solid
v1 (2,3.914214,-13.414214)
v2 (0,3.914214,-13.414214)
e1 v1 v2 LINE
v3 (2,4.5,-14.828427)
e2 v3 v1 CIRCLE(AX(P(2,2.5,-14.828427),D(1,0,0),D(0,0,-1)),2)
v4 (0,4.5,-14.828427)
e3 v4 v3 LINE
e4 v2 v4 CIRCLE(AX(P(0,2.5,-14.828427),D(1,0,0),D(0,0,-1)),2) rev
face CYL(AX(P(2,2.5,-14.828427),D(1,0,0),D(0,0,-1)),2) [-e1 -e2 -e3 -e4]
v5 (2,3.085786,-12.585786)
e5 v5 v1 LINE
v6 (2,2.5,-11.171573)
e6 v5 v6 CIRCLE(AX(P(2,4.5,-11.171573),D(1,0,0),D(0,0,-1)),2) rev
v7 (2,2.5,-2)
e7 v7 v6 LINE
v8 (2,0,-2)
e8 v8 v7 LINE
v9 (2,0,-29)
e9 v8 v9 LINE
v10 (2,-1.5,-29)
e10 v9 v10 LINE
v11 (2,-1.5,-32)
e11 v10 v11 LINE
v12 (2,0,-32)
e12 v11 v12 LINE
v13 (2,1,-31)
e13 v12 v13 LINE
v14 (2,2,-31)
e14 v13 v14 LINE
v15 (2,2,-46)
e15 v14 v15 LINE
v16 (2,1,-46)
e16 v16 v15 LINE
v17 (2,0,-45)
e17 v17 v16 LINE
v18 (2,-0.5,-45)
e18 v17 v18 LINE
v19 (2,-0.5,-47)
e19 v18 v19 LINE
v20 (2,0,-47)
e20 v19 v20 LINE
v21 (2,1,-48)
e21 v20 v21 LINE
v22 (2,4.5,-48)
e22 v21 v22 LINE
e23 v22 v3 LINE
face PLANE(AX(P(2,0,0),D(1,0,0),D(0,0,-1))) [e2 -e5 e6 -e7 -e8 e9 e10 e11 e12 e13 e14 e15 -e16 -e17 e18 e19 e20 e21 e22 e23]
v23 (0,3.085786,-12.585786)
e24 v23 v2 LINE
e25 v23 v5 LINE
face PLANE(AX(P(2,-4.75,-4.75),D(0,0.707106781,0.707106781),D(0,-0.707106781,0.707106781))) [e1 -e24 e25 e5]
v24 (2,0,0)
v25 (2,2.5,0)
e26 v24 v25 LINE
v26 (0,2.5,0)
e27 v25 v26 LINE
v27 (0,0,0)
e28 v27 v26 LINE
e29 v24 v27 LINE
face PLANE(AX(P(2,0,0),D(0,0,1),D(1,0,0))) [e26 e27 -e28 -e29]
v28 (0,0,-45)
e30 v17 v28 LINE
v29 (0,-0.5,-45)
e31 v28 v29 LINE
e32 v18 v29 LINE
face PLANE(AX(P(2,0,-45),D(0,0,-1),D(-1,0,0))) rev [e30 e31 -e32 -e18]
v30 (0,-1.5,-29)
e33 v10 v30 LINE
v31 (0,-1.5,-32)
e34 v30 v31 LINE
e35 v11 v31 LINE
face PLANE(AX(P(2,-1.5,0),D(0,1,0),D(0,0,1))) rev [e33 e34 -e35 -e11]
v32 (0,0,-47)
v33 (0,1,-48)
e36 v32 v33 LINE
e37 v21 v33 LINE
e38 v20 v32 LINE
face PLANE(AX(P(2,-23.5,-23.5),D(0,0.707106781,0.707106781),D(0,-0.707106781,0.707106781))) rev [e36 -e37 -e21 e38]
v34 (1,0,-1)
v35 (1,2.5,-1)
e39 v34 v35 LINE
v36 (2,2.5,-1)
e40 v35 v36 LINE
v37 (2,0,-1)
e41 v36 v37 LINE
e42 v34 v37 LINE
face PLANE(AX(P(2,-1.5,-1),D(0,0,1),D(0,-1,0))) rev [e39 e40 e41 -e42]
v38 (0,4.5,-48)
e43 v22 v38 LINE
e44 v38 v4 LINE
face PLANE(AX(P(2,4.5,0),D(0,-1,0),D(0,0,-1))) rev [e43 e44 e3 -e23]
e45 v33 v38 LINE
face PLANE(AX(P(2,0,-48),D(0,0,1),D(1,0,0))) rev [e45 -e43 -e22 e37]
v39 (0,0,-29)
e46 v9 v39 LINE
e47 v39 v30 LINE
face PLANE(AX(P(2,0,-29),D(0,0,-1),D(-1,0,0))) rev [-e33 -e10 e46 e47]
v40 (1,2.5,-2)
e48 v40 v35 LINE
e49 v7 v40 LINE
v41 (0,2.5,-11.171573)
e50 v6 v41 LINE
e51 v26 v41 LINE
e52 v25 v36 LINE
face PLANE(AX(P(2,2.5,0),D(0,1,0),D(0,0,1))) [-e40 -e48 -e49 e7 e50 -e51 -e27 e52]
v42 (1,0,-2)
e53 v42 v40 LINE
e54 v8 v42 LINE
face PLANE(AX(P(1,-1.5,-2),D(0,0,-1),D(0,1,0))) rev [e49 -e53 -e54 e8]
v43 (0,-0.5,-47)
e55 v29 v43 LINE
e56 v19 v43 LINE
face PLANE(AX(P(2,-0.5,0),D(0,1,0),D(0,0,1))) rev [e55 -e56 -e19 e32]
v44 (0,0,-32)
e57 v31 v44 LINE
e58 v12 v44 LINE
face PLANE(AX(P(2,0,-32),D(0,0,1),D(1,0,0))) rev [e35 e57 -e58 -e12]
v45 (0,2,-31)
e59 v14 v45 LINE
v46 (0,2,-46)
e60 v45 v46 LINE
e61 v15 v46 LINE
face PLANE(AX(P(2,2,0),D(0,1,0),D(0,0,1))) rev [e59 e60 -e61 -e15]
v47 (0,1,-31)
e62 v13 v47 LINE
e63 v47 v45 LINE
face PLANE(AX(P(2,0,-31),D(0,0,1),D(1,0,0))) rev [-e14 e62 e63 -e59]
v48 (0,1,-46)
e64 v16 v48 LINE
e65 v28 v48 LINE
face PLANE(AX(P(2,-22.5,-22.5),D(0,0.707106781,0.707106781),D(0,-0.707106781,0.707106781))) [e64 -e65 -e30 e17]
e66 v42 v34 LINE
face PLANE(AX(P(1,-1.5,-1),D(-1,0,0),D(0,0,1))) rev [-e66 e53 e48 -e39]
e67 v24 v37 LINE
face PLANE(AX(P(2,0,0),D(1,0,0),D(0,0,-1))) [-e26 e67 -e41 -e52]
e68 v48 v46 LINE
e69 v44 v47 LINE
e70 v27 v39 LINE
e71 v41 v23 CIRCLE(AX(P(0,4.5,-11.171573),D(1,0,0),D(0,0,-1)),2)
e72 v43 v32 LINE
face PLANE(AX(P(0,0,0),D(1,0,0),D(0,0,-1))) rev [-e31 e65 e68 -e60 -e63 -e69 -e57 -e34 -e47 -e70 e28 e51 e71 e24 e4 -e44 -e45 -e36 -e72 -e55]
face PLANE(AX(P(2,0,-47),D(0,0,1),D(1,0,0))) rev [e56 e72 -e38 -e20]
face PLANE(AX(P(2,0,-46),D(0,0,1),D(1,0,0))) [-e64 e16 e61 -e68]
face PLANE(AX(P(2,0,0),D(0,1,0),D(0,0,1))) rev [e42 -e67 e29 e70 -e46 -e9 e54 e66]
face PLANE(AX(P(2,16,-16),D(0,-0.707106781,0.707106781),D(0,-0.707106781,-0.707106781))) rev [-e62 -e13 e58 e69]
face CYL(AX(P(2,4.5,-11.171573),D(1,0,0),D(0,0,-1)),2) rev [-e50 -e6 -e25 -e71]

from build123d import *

# Parameters (mm, degrees)
SKETCH_1_W          = 12
SKETCH_1_H          = 2.5
EXTRUDE_1_DEPTH     = 2
FILLET_1_R          = 2
SKETCH_3_W          = 1
SKETCH_3_H          = 1
CUT_EXTRUDE_1_DEPTH = 49.207883173


with BuildPart() as part:
    # Эскиз1 → Бобышка-Вытянуть1 (new body)
    with BuildSketch(Plane(origin=(0, 0, 0), x_dir=(0, 0, -1), z_dir=(1, 0, 0))):
        Polygon((48, 1), (48, 4.5), (29, 4.5), (14, 4.5), (12, 2.5), (12, 0), (29, 0), (29, -1.5), (32, -1.5), (32, 0), (31, 1), (31, 2), (46, 2), (46, 1), (45, 0), (45, -0.5), (47, -0.5), (47, 0), align=None)
        with Locations((6, 1.25)):
            Rectangle(SKETCH_1_W, SKETCH_1_H)
    extrude(amount=EXTRUDE_1_DEPTH)

    # Скругление1
    fillet_1_edges = [part.edges().sort_by_distance(p)[0] for p in [
        (1, 2.5, -12),
        (1, 4.5, -14),
    ]]
    fillet(fillet_1_edges, radius=FILLET_1_R)

    # Эскиз3 → Вырез-Вытянуть1 (cut, through all)
    with BuildSketch(Plane(origin=(0, 2.5, 0), x_dir=(1, 0, 0), z_dir=(0, 1, 0))):
        with Locations((1.5, 1.5)):
            Rectangle(SKETCH_3_W, SKETCH_3_H)
    extrude(amount=-CUT_EXTRUDE_1_DEPTH, mode=Mode.SUBTRACT)


solid = part.part
